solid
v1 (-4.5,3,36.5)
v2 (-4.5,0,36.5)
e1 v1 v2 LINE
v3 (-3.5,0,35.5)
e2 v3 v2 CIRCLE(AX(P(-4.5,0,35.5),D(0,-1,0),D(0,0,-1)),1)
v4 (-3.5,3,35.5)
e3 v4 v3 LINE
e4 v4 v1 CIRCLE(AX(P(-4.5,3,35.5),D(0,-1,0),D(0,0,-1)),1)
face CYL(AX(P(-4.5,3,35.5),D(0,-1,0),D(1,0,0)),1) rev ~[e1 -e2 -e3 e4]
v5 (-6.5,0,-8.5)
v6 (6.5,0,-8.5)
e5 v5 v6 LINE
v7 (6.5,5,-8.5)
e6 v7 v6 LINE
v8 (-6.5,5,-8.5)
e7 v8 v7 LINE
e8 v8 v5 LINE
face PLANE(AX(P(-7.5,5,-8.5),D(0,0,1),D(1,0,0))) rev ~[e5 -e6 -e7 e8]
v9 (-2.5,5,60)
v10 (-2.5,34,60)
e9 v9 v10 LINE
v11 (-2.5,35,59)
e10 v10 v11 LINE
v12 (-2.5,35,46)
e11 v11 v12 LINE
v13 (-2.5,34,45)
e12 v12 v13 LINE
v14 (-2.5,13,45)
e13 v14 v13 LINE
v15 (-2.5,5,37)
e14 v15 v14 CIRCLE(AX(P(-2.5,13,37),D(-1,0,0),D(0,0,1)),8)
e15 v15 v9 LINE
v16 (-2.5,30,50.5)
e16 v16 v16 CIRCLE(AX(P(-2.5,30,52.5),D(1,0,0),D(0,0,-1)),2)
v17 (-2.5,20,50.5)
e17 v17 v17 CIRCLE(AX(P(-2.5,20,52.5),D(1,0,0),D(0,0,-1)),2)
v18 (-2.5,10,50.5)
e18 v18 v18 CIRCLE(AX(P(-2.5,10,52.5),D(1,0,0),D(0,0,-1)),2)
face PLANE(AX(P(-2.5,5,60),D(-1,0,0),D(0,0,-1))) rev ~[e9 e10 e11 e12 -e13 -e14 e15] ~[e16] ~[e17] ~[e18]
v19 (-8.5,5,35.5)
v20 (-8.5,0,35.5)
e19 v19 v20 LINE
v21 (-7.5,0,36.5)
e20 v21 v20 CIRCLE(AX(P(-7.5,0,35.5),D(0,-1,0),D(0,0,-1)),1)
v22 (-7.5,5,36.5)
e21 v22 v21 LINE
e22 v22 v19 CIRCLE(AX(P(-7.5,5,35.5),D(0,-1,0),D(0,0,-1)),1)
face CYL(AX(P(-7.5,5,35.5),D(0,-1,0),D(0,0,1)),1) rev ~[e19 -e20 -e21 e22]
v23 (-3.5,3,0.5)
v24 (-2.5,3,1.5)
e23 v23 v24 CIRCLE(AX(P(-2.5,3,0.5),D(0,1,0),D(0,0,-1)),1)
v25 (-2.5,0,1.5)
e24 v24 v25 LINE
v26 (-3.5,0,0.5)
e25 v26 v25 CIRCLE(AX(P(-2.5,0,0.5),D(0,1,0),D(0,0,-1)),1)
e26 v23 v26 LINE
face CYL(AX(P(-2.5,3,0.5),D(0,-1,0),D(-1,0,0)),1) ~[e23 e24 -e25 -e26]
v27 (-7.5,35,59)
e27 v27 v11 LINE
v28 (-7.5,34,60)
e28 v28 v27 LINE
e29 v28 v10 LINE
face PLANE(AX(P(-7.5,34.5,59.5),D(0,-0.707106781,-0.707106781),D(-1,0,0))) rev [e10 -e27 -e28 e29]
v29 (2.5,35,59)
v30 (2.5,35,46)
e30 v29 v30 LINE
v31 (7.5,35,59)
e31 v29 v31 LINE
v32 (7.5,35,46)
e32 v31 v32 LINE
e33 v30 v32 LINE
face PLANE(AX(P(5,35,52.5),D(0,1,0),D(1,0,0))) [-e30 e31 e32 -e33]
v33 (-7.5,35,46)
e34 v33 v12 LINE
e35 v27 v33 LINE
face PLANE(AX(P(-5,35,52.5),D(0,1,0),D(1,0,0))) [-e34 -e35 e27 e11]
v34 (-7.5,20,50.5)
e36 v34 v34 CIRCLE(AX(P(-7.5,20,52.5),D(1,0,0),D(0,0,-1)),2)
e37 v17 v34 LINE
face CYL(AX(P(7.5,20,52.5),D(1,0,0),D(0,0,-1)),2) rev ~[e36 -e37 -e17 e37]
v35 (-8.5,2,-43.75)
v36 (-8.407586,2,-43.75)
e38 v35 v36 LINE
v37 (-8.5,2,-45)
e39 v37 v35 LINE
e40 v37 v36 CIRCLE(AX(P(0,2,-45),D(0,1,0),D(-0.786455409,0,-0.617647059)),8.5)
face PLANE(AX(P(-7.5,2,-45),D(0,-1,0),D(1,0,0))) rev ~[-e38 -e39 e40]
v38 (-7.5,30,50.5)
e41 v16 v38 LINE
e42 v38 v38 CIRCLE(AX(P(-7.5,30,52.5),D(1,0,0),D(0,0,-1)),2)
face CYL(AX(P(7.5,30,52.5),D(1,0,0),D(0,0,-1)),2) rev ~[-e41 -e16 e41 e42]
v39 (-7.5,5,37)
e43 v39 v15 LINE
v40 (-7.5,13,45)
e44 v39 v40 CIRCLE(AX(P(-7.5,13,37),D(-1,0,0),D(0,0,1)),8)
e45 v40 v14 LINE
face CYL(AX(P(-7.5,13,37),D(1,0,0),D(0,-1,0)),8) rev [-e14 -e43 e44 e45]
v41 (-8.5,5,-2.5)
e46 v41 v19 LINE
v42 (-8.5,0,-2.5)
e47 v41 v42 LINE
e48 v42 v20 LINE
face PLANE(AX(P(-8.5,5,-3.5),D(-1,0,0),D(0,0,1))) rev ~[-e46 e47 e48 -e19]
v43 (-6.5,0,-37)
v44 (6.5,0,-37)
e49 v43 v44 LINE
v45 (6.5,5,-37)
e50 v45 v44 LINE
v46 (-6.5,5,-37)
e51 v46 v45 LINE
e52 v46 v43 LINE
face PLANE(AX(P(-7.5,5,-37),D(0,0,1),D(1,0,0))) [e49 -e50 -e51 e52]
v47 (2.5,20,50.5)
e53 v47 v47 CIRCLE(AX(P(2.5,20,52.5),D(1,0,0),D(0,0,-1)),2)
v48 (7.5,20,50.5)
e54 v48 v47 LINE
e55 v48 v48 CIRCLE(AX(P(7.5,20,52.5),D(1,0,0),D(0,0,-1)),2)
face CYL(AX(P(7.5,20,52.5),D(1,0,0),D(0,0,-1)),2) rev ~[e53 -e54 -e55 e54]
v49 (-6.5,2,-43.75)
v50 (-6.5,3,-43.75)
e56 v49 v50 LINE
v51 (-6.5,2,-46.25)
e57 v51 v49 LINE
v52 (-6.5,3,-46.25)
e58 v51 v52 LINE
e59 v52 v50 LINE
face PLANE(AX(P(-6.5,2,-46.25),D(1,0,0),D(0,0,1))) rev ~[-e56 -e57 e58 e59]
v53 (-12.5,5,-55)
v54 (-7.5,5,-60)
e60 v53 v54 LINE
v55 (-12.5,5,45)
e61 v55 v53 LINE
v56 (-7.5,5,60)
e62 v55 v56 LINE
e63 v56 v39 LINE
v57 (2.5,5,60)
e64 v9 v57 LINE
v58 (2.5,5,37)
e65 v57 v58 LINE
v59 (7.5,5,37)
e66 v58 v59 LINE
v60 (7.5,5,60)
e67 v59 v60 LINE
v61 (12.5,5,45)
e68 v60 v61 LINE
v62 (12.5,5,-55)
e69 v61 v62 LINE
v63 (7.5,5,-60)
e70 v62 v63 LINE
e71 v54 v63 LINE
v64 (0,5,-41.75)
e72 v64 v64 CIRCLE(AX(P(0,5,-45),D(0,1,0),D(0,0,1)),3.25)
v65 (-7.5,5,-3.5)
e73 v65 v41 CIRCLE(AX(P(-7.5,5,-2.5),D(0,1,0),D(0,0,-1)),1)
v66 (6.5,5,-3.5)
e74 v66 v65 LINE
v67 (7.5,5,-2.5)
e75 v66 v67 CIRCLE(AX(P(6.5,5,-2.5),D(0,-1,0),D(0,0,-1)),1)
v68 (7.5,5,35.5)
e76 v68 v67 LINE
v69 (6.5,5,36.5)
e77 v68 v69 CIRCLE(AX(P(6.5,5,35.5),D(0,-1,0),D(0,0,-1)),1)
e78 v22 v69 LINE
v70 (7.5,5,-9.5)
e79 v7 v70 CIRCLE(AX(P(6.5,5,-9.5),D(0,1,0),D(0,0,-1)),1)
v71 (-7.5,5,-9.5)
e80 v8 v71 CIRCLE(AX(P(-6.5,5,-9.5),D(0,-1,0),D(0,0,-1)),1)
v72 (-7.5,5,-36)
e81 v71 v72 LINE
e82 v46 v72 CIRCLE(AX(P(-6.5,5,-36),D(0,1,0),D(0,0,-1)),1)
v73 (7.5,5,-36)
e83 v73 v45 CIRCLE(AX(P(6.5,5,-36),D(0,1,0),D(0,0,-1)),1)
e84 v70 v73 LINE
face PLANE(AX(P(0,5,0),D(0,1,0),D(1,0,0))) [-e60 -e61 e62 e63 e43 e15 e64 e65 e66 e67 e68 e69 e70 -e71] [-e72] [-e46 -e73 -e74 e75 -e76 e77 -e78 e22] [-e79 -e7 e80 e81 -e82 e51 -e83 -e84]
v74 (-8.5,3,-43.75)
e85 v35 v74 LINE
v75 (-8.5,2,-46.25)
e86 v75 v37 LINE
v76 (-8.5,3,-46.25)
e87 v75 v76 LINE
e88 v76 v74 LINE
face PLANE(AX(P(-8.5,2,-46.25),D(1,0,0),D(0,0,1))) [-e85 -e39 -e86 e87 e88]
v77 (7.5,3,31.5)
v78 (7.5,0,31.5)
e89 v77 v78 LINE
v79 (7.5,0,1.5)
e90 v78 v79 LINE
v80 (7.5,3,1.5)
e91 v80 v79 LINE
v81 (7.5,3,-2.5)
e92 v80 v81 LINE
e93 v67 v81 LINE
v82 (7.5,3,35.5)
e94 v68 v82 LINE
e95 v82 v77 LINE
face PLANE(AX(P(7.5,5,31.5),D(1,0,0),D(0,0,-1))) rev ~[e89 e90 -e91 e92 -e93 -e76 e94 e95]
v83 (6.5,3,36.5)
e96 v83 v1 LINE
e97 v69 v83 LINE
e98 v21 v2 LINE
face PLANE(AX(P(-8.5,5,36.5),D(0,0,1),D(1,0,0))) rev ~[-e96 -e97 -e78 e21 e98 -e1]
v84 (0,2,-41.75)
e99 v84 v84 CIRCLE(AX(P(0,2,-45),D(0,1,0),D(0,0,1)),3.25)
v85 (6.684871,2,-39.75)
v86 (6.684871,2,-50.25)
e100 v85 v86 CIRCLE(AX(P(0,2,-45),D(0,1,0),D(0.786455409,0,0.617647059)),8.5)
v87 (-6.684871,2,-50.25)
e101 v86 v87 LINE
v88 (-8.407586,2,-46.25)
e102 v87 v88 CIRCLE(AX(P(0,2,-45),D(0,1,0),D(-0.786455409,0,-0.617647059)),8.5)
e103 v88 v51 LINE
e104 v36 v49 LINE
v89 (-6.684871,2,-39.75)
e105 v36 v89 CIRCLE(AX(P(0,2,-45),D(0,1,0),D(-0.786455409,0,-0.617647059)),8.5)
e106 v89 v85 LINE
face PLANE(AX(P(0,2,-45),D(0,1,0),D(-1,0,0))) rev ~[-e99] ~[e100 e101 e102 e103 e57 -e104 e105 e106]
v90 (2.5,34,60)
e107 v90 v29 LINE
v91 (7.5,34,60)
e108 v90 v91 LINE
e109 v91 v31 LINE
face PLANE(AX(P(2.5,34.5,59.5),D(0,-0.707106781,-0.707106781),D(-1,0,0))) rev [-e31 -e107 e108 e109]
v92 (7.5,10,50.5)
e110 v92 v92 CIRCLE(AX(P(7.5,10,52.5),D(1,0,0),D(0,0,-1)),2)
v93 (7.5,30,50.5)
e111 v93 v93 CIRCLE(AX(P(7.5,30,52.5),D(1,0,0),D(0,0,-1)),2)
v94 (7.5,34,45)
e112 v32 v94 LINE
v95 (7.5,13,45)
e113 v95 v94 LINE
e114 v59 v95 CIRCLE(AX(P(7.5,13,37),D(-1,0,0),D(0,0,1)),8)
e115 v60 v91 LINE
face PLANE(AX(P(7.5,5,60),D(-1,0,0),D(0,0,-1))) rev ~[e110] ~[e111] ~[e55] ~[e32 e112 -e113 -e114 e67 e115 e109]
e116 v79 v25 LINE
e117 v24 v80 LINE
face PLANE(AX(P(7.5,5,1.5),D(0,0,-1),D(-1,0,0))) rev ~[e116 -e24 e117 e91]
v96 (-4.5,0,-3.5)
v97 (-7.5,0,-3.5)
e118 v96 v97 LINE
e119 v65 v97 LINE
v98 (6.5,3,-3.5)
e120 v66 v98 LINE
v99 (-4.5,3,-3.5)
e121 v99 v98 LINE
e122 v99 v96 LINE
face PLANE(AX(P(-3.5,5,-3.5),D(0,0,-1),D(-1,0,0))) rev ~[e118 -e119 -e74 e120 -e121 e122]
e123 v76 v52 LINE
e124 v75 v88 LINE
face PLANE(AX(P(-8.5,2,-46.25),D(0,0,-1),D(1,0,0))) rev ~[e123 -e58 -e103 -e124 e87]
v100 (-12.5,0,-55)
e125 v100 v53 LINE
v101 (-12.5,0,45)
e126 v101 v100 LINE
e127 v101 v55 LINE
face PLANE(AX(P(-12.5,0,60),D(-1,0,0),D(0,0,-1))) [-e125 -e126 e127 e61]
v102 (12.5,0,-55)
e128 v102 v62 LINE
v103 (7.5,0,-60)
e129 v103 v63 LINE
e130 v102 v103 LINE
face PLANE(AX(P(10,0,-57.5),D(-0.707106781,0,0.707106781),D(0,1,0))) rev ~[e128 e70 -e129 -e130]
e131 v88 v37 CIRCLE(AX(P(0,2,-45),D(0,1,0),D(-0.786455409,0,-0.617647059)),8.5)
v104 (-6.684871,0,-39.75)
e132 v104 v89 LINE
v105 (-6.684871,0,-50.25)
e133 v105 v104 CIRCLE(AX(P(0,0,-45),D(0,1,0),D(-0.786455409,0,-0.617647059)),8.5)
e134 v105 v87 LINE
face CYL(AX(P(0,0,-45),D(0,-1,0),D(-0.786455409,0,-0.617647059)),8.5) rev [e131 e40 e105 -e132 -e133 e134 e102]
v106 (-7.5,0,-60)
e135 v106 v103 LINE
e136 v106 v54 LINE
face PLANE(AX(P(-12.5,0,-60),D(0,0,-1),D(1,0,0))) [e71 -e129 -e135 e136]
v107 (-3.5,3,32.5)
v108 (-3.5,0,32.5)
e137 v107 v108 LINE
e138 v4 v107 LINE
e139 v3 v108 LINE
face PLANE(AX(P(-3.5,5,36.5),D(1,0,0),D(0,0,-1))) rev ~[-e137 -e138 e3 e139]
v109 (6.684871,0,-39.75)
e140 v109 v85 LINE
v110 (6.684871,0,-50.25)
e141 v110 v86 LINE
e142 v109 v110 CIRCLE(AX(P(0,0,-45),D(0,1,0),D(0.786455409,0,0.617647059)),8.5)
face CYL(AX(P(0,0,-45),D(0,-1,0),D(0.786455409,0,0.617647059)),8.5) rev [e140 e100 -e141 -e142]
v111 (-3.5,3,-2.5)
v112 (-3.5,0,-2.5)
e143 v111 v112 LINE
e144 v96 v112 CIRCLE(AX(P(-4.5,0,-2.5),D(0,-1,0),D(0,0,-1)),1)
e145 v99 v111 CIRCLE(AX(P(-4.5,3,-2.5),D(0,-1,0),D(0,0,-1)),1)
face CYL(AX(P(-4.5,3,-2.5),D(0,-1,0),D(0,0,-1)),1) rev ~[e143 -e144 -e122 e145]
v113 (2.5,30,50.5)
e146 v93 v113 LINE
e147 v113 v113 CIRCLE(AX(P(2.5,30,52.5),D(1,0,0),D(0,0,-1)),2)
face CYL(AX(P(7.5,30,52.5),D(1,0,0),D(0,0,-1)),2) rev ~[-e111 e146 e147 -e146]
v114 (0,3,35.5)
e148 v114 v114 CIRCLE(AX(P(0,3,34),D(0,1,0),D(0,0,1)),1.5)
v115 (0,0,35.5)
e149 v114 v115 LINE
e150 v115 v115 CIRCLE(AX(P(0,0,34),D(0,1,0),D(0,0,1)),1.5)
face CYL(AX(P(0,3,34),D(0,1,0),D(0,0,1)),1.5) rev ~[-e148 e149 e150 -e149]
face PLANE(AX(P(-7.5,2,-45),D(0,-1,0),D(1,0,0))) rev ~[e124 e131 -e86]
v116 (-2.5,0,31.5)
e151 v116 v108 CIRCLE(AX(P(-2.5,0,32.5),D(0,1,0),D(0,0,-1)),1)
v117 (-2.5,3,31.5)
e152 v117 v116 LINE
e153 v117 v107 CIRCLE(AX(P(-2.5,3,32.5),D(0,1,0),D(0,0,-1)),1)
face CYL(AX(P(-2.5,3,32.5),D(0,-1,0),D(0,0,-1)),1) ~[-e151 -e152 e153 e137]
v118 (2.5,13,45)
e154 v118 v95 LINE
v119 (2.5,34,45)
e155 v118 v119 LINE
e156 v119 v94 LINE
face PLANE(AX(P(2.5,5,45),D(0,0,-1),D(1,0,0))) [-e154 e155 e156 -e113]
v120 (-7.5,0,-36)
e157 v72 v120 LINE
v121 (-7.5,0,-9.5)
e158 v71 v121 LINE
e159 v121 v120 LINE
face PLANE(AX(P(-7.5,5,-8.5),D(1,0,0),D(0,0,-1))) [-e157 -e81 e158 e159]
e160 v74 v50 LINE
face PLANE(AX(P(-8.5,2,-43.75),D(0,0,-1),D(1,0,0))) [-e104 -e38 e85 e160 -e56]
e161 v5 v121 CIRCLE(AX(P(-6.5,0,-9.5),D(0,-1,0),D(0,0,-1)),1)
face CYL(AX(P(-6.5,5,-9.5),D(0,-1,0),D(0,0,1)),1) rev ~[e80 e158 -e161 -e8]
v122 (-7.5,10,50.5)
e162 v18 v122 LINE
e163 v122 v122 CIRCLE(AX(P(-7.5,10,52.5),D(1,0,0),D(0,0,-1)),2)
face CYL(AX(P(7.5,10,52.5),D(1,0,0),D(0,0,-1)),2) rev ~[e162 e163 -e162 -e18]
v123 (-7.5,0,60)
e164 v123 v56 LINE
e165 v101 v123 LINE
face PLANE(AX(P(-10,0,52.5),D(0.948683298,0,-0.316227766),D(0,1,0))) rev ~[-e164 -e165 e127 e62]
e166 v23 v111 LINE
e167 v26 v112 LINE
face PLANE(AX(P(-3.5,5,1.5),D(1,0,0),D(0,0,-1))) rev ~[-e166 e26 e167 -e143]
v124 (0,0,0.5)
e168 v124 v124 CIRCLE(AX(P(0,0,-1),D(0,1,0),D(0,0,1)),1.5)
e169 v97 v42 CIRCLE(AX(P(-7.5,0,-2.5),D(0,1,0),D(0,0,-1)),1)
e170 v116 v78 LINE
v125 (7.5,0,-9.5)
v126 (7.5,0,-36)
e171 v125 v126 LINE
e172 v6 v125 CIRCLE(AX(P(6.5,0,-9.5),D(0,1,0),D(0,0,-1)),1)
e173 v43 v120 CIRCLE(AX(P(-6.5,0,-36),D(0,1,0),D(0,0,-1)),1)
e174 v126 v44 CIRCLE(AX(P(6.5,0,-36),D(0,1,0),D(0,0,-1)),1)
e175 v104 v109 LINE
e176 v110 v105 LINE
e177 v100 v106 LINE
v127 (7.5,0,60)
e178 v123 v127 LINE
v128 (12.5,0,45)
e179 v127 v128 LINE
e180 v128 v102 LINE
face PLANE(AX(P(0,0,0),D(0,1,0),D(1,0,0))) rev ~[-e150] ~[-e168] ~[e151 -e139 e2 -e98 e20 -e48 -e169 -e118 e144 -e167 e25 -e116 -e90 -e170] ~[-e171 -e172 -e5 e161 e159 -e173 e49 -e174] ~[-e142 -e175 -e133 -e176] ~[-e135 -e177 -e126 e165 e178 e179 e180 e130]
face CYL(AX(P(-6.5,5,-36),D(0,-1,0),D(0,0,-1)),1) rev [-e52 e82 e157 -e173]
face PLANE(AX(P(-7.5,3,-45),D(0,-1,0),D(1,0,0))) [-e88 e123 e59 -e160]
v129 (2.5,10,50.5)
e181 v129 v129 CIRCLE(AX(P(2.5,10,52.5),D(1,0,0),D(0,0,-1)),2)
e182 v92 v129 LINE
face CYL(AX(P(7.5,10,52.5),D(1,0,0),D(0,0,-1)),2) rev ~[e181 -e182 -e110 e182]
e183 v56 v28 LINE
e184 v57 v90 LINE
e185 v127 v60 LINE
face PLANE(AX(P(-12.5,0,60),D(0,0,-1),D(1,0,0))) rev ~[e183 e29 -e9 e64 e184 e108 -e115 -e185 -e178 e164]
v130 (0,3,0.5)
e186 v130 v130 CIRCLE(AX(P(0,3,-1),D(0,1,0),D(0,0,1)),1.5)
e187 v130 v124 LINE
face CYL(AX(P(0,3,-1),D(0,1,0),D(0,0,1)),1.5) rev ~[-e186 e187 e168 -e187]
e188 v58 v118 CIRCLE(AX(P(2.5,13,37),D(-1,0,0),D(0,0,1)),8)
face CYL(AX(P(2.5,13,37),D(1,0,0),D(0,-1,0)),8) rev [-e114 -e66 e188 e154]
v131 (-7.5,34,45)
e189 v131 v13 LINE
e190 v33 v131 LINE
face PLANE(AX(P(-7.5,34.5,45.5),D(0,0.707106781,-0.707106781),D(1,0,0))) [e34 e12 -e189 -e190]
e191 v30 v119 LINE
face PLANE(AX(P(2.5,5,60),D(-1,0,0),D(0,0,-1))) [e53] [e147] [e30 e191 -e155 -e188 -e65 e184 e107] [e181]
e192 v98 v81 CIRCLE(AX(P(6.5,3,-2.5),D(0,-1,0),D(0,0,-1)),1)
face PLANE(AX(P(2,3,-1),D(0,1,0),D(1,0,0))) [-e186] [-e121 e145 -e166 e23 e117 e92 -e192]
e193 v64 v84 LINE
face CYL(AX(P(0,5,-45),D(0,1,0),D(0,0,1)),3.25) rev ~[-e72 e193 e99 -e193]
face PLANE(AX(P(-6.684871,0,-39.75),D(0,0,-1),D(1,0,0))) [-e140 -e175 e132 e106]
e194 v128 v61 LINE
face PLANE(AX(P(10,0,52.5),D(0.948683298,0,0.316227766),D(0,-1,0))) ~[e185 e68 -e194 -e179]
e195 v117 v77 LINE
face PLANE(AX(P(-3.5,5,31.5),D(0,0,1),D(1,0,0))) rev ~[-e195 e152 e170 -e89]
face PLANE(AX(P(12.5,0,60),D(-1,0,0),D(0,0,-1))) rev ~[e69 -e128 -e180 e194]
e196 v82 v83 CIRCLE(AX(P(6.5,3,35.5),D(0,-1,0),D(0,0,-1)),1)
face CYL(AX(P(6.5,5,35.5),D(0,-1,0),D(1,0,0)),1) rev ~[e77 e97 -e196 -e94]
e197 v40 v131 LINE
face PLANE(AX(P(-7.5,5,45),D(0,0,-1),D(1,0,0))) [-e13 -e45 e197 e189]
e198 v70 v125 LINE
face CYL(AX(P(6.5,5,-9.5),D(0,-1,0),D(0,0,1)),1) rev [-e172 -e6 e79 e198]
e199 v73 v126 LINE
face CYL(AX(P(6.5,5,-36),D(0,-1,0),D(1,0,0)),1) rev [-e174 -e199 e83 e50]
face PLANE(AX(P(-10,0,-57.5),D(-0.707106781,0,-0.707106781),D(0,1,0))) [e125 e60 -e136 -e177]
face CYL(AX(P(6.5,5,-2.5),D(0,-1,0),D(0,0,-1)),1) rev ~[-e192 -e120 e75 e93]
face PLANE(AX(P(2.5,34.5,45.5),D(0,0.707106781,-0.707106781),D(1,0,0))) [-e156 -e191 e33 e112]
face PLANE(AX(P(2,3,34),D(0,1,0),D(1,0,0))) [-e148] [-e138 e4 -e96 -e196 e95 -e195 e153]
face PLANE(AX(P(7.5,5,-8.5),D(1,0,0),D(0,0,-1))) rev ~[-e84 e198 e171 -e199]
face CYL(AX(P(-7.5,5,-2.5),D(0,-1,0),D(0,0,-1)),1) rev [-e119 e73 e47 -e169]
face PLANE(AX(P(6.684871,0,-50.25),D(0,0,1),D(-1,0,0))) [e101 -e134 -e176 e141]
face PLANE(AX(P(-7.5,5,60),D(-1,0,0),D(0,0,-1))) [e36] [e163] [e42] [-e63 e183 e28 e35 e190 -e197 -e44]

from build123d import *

# Parameters (mm, degrees)
SKETCH1_W           = 25
SKETCH1_H           = 120
BOSS_EXTRUDE1_DEPTH = 5
SKETCH2_W           = 5
SKETCH2_H           = 15
BOSS_EXTRUDE2_DEPTH = 30
CHAMFER1_SIZE       = 5
CHAMFER1_SIZE2      = 15
CHAMFER2_SIZE       = 15
CHAMFER2_SIZE2      = 5
CHAMFER3_SIZE       = 1
CHAMFER4_SIZE       = 5
CUT_EXTRUDE1_DEPTH  = 69.23672032
SKETCH3_3_W         = 11
SKETCH3_3_H         = 5
CUT_EXTRUDE2_DEPTH  = 2
FILLET1_R           = 1
SKETCH4_R           = 1.5
CUT_EXTRUDE3_DEPTH  = 70.139352036
FILLET2_R           = 8
SKETCH6_R           = 3.25
CUT_EXTRUDE5_DEPTH  = 69.23672032
CUT_EXTRUDE6_DEPTH  = 2
SKETCH8_W           = 2
SKETCH8_H           = 2.5
CUT_EXTRUDE7_DEPTH  = 1
SKETCH9_R           = 2
CUT_EXTRUDE8_DEPTH  = 73.284161474
SKETCH10_W          = 15
SKETCH10_H          = 28.5
CUT_EXTRUDE9_DEPTH  = 69.23672032
FILLET3_R           = 1


with BuildPart() as part:
    # Sketch1 → Boss-Extrude1 (new body)
    with BuildSketch(Plane(origin=(0, 0, 0), x_dir=(1, 0, 0), z_dir=(0, 1, 0))):
        Rectangle(SKETCH1_W, SKETCH1_H)
    extrude(amount=BOSS_EXTRUDE1_DEPTH)

    # Sketch2 → Boss-Extrude2 (add)
    with BuildSketch(Plane(origin=(0, 5, 0), x_dir=(1, 0, 0), z_dir=(0, 1, 0))):
        with Locations((-5, -52.5)):
            Rectangle(SKETCH2_W, SKETCH2_H)
        with Locations((5, -52.5)):
            Rectangle(SKETCH2_W, SKETCH2_H)
    extrude(amount=BOSS_EXTRUDE2_DEPTH)

    # Chamfer1
    chamfer1_edges = [part.edges().sort_by_distance(p)[0] for p in [
        (12.5, 2.5, 60),
    ]]
    chamfer1_side = [part.faces().sort_by_distance(p)[0] for p in [
        (-12.069883737, 2.5, 60),
    ]]
    chamfer(chamfer1_edges, length=CHAMFER1_SIZE, length2=CHAMFER1_SIZE2, reference=chamfer1_side[0])

    # Chamfer2
    chamfer2_edges = [part.edges().sort_by_distance(p)[0] for p in [
        (-12.5, 2.5, 60),
    ]]
    chamfer2_side = [part.faces().sort_by_distance(p)[0] for p in [
        (-12.5, 2.5, 0),
    ]]
    chamfer(chamfer2_edges, length=CHAMFER2_SIZE, length2=CHAMFER2_SIZE2, reference=chamfer2_side[0])

    # Chamfer3
    chamfer3_edges = [part.edges().sort_by_distance(p)[0] for p in [
        (5, 35, 60),
        (-5, 35, 60),
        (-5, 35, 45),
        (5, 35, 45),
    ]]
    chamfer(chamfer3_edges, length=CHAMFER3_SIZE)

    # Chamfer4
    chamfer4_edges = [part.edges().sort_by_distance(p)[0] for p in [
        (-12.5, 2.5, -60),
        (12.5, 2.5, -60),
    ]]
    chamfer(chamfer4_edges, length=CHAMFER4_SIZE)

    # Sketch3 → Cut-Extrude1 (cut, through all)
    with BuildSketch(Plane(origin=(0, 5, 0), x_dir=(1, 0, 0), z_dir=(0, 1, 0))):
        Polygon((-8.5, 3.5), (-8.5, -36.5), (-3.5, -36.5), (-3.5, -31.5), (7.5, -31.5), (7.5, -1.5), (-3.5, -1.5), (-3.5, 3.5), align=None)
    extrude(amount=-CUT_EXTRUDE1_DEPTH, mode=Mode.SUBTRACT)

    # Sketch3<3> → Cut-Extrude2 (cut)
    with BuildSketch(Plane(origin=(0, 5, 0), x_dir=(1, 0, 0), z_dir=(0, 1, 0))):
        with Locations((2, -34)):
            Rectangle(SKETCH3_3_W, SKETCH3_3_H)
        with Locations((2, 1)):
            Rectangle(SKETCH3_3_W, SKETCH3_3_H)
    extrude(amount=-CUT_EXTRUDE2_DEPTH, mode=Mode.SUBTRACT)

    # Fillet1
    fillet1_edges = [part.edges().sort_by_distance(p)[0] for p in [
        (7.5, 4, 36.5),
        (-3.5, 1.5, 31.5),
        (-3.5, 1.5, 36.5),
        (-8.5, 2.5, 36.5),
        (-3.5, 1.5, 1.5),
        (-3.5, 1.5, -3.5),
        (7.5, 4, -3.5),
        (-8.5, 2.5, -3.5),
    ]]
    fillet(fillet1_edges, radius=FILLET1_R)

    # Sketch4 → Cut-Extrude3 (cut, through all)
    with BuildSketch(Plane(origin=(0, 3, 0), x_dir=(1, 0, 0), z_dir=(0, 1, 0))):
        with Locations((0, 1)):
            Circle(SKETCH4_R)
        with Locations((0, -34)):
            Circle(SKETCH4_R)
    extrude(amount=-CUT_EXTRUDE3_DEPTH, mode=Mode.SUBTRACT)

    # Fillet2
    fillet2_edges = [part.edges().sort_by_distance(p)[0] for p in [
        (-5, 5, 45),
        (5, 5, 45),
    ]]
    fillet(fillet2_edges, radius=FILLET2_R)

    # Sketch6 → Cut-Extrude5 (cut, through all)
    with BuildSketch(Plane(origin=(0, 5, 0), x_dir=(1, 0, 0), z_dir=(0, 1, 0))):
        with Locations((0, 45)):
            Circle(SKETCH6_R)
    extrude(amount=-CUT_EXTRUDE5_DEPTH, mode=Mode.SUBTRACT)

    # Sketch7 → Cut-Extrude6 (cut)
    with BuildSketch(Plane.XZ):
        with BuildLine():
            Line((-6.684870979, -39.75), (6.684870979, -39.75))
            ThreePointArc((6.684870979, -39.75), (8.5, -45), (6.684870979, -50.25))
            Line((6.684870979, -50.25), (-6.684870979, -50.25))
            ThreePointArc((-6.684870979, -50.25), (-8.5, -45), (-6.684870979, -39.75))
        make_face()
    extrude(amount=-CUT_EXTRUDE6_DEPTH, mode=Mode.SUBTRACT)

    # Sketch8 → Cut-Extrude7 (cut)
    with BuildSketch(Plane.XZ.offset(-2)):
        with Locations((-7.5, -45)):
            Rectangle(SKETCH8_W, SKETCH8_H)
    extrude(amount=-CUT_EXTRUDE7_DEPTH, mode=Mode.SUBTRACT)

    # Sketch9 → Cut-Extrude8 (cut, through all)
    with BuildSketch(Plane(origin=(7.5, 0, 0), x_dir=(0, 0, -1), z_dir=(1, 0, 0))):
        with Locations((-52.5, 30)):
            Circle(SKETCH9_R)
        with Locations((-52.5, 20)):
            Circle(SKETCH9_R)
        with Locations((-52.5, 10)):
            Circle(SKETCH9_R)
    extrude(amount=-CUT_EXTRUDE8_DEPTH, mode=Mode.SUBTRACT)

    # Sketch10 → Cut-Extrude9 (cut, through all)
    with BuildSketch(Plane(origin=(0, 5, 0), x_dir=(1, 0, 0), z_dir=(0, 1, 0))):
        with Locations((0, 22.75)):
            Rectangle(SKETCH10_W, SKETCH10_H)
    extrude(amount=-CUT_EXTRUDE9_DEPTH, mode=Mode.SUBTRACT)

    # Fillet3
    fillet3_edges = [part.edges().sort_by_distance(p)[0] for p in [
        (-7.5, 2.5, -8.5),
        (7.5, 2.5, -8.5),
        (7.5, 2.5, -37),
        (-7.5, 2.5, -37),
    ]]
    fillet(fillet3_edges, radius=FILLET3_R)


solid = part.part
